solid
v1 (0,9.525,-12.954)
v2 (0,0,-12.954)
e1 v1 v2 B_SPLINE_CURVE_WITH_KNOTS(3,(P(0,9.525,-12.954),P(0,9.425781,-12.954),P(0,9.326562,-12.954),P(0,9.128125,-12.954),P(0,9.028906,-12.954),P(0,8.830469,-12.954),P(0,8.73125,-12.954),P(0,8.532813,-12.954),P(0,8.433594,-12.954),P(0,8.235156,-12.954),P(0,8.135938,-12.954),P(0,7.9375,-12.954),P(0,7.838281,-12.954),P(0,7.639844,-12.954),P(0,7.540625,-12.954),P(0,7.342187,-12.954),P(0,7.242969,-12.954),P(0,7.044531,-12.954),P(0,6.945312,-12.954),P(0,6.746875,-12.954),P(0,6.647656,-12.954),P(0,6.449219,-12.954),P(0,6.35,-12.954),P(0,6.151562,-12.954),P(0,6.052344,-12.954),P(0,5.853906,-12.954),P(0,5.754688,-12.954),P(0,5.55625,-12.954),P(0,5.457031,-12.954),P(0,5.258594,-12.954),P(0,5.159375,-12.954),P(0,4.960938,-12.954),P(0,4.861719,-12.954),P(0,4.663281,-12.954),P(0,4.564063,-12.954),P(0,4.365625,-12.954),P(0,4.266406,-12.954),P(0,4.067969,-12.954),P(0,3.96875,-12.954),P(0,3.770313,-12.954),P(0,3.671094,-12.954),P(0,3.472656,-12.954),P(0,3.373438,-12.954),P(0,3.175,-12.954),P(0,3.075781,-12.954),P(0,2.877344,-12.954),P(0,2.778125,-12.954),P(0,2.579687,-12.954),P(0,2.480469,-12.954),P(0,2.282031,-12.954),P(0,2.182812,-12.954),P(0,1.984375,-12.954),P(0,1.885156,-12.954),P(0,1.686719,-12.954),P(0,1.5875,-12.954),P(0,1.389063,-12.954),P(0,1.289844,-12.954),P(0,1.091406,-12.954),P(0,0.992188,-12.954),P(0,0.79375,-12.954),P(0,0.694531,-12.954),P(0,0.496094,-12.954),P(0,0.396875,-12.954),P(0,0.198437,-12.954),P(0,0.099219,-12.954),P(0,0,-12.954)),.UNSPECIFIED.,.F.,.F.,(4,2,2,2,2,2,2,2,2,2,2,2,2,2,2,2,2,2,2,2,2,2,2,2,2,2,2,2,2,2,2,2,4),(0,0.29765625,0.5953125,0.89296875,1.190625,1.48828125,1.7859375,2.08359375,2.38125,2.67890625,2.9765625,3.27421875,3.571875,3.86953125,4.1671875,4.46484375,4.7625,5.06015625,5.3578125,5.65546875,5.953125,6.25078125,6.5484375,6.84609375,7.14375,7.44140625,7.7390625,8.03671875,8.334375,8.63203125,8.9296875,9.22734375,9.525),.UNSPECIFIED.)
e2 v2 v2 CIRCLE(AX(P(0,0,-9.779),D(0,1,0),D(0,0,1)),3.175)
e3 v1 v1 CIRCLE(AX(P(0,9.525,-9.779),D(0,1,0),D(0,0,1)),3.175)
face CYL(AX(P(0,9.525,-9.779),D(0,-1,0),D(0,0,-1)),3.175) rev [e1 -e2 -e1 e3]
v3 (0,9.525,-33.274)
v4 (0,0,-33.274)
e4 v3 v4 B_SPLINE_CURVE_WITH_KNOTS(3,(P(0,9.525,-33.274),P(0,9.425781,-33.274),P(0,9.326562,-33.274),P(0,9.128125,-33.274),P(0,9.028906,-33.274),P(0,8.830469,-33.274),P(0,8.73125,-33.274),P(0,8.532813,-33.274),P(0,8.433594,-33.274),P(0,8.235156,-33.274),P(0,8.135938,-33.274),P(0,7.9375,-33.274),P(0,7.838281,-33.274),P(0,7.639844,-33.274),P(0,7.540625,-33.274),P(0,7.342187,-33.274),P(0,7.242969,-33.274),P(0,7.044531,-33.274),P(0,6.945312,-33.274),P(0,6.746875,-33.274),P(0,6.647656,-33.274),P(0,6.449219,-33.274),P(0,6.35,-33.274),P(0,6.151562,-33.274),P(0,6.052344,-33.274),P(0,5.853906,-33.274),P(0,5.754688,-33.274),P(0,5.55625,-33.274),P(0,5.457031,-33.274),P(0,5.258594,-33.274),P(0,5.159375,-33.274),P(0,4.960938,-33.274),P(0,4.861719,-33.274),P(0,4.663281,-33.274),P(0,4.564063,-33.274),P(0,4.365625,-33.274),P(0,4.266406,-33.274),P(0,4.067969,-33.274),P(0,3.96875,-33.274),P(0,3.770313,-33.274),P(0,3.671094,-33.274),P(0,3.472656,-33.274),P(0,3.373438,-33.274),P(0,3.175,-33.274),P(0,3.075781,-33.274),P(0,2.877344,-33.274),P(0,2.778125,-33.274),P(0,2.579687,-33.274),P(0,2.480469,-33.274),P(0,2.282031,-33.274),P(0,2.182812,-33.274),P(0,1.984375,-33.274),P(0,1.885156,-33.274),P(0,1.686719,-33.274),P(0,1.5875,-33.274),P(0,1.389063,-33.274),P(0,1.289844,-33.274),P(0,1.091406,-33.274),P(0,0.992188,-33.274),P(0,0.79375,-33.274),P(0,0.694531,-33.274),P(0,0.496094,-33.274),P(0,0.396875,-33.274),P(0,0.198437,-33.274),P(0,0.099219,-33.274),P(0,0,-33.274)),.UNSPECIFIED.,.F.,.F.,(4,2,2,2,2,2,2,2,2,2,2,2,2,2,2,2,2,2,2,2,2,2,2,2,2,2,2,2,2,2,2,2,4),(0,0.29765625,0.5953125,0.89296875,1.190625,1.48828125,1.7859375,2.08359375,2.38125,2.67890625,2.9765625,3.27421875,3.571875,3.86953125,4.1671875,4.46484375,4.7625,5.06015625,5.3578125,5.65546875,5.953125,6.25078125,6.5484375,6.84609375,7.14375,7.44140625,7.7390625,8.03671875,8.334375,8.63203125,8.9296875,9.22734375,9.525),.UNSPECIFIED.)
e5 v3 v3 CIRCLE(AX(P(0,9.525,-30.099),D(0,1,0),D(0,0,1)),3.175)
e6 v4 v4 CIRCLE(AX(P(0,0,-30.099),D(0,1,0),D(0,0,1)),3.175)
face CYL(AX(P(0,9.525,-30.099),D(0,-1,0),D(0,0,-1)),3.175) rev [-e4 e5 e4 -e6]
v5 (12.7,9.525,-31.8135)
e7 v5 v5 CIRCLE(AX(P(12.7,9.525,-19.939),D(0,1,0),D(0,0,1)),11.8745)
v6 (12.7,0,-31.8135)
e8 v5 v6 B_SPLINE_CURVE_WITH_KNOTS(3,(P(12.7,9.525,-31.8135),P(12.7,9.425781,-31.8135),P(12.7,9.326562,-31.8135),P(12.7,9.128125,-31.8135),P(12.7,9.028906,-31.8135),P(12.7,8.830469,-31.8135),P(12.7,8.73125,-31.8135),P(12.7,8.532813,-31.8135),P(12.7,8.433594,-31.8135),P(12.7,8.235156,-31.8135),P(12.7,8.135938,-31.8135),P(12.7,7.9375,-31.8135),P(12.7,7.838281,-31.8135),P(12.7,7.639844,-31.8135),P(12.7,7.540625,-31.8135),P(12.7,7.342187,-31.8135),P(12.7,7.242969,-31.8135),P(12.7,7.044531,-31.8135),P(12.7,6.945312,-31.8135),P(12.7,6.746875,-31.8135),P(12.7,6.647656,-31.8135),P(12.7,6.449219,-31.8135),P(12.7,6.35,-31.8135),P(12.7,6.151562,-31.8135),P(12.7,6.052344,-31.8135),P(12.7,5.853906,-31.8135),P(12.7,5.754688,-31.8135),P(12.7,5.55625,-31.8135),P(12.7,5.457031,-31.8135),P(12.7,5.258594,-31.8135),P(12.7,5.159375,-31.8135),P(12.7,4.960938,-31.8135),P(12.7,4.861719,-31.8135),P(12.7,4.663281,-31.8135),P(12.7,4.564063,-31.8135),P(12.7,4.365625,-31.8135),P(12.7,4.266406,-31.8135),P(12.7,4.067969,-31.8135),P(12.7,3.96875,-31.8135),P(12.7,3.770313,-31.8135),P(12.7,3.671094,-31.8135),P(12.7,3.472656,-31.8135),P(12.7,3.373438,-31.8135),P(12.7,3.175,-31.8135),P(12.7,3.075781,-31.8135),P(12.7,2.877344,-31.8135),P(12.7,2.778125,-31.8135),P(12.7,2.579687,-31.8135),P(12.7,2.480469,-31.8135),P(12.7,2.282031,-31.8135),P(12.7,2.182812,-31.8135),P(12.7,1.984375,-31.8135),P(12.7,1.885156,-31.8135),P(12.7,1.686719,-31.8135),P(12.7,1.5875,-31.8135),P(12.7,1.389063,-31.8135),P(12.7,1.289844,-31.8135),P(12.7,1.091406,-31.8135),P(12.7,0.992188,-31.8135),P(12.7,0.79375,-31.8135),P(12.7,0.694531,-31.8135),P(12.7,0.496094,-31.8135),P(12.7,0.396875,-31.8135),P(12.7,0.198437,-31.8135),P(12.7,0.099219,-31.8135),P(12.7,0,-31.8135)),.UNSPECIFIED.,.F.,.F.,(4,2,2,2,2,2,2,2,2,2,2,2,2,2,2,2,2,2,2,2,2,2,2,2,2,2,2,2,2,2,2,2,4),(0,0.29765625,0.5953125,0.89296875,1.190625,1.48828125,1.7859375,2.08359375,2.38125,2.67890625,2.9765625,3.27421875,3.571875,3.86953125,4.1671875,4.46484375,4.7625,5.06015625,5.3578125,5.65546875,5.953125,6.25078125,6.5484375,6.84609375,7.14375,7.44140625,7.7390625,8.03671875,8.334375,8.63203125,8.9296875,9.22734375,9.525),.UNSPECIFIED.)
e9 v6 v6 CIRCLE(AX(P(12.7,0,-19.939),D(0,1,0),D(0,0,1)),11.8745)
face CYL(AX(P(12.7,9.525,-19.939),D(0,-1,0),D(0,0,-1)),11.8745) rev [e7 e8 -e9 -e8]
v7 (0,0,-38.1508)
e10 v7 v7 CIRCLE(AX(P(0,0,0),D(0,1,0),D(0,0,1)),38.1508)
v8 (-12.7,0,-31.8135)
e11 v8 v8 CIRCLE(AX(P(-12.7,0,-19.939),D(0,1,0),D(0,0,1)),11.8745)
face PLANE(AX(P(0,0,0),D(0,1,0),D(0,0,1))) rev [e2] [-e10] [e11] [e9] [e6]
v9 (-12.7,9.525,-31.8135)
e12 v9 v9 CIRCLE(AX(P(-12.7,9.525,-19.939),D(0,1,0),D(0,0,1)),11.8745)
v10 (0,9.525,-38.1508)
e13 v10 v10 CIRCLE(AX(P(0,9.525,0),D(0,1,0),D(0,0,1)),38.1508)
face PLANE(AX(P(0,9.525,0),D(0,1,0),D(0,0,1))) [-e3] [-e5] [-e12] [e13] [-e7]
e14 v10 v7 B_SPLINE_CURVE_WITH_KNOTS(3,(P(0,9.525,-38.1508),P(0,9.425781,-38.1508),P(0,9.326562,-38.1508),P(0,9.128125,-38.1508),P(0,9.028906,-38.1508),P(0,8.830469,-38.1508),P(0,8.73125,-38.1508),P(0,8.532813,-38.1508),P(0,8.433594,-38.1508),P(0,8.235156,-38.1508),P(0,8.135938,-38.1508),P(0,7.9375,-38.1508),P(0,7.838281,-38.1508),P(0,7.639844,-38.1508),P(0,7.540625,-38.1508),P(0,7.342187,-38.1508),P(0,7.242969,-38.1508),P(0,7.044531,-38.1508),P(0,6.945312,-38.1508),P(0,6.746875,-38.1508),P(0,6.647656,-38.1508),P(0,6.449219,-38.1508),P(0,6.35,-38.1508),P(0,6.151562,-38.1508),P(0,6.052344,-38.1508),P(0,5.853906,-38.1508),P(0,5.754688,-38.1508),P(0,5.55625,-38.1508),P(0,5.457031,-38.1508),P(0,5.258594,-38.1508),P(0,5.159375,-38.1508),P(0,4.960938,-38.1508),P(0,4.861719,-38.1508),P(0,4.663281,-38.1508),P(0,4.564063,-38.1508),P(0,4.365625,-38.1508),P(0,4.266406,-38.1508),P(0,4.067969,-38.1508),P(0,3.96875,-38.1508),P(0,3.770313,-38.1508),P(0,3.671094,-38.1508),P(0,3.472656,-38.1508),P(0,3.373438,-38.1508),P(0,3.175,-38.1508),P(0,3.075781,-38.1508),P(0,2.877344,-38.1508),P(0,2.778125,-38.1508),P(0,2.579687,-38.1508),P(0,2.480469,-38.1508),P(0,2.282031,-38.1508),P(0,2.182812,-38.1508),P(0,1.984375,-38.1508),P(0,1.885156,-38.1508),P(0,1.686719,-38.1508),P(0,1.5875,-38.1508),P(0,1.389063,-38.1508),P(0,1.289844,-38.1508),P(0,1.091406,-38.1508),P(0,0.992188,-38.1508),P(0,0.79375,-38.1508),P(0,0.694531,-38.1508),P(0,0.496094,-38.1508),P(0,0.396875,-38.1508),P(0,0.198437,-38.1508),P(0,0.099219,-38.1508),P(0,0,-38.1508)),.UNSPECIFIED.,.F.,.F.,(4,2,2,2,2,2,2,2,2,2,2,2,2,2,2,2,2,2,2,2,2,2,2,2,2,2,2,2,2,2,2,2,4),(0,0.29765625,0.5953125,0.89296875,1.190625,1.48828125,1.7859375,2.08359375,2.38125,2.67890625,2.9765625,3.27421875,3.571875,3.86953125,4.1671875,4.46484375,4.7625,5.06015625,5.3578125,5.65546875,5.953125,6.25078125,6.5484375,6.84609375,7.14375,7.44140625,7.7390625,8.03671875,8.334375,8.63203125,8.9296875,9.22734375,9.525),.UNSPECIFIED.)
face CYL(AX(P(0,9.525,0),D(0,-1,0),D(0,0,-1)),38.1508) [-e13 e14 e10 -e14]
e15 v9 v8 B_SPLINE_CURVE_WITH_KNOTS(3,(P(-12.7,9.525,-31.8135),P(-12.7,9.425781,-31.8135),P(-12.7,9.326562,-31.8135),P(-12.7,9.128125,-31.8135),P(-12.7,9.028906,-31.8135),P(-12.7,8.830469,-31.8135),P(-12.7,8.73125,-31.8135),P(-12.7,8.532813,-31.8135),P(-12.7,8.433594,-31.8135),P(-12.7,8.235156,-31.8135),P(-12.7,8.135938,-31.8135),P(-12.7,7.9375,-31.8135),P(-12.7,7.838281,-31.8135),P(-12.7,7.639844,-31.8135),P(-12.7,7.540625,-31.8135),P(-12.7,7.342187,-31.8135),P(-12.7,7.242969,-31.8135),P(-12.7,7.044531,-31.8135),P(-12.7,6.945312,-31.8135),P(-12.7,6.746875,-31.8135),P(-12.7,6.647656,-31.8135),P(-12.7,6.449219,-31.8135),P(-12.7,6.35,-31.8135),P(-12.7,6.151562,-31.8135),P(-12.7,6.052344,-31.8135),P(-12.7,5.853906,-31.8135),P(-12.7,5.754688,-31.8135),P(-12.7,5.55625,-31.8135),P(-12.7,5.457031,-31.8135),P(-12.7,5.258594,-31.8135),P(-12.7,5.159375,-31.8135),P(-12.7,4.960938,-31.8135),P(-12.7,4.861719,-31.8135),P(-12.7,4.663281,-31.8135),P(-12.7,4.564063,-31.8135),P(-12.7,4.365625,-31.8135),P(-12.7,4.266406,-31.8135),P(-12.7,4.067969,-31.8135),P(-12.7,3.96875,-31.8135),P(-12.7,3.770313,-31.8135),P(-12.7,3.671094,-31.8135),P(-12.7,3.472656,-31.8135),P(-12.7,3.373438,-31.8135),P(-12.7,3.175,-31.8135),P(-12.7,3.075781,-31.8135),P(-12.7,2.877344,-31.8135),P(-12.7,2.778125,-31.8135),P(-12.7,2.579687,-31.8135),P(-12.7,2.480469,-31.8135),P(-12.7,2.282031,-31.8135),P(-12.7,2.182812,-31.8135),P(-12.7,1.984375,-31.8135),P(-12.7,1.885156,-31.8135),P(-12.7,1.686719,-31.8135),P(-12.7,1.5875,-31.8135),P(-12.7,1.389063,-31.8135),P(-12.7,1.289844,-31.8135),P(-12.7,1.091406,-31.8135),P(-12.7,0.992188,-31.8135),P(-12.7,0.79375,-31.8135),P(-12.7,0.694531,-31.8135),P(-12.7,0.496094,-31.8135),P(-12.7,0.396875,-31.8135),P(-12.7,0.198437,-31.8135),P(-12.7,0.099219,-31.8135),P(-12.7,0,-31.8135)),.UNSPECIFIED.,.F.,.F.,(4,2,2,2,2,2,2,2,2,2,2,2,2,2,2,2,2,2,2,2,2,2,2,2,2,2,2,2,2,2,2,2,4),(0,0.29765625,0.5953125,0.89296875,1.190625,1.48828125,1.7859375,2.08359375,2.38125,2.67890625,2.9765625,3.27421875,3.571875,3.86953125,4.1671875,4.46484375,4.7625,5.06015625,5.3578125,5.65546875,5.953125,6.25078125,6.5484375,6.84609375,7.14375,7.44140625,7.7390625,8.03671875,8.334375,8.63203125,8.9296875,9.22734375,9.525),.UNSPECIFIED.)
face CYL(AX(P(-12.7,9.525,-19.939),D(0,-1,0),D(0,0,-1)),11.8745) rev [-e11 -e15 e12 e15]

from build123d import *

# Parameters (mm, degrees)
SKETCH1_R           = 38.1508
SKETCH1_R_2         = 11.8745
SKETCH1_R_3         = 3.175
BOSS_EXTRUDE1_DEPTH = 9.525


with BuildPart() as part:
    # Sketch1 → Boss-Extrude1 (new body)
    with BuildSketch(Plane(origin=(0, 0, 0), x_dir=(1, 0, 0), z_dir=(0, 1, 0))):
        Circle(SKETCH1_R)
        with Locations((12.7, 19.939)):
            Circle(SKETCH1_R_2, mode=Mode.SUBTRACT)
        with Locations((-12.7, 19.939)):
            Circle(SKETCH1_R_2, mode=Mode.SUBTRACT)
        with Locations((0, 30.099)):
            Circle(SKETCH1_R_3, mode=Mode.SUBTRACT)
        with Locations((0, 9.779)):
            Circle(SKETCH1_R_3, mode=Mode.SUBTRACT)
    extrude(amount=BOSS_EXTRUDE1_DEPTH)


solid = part.part
